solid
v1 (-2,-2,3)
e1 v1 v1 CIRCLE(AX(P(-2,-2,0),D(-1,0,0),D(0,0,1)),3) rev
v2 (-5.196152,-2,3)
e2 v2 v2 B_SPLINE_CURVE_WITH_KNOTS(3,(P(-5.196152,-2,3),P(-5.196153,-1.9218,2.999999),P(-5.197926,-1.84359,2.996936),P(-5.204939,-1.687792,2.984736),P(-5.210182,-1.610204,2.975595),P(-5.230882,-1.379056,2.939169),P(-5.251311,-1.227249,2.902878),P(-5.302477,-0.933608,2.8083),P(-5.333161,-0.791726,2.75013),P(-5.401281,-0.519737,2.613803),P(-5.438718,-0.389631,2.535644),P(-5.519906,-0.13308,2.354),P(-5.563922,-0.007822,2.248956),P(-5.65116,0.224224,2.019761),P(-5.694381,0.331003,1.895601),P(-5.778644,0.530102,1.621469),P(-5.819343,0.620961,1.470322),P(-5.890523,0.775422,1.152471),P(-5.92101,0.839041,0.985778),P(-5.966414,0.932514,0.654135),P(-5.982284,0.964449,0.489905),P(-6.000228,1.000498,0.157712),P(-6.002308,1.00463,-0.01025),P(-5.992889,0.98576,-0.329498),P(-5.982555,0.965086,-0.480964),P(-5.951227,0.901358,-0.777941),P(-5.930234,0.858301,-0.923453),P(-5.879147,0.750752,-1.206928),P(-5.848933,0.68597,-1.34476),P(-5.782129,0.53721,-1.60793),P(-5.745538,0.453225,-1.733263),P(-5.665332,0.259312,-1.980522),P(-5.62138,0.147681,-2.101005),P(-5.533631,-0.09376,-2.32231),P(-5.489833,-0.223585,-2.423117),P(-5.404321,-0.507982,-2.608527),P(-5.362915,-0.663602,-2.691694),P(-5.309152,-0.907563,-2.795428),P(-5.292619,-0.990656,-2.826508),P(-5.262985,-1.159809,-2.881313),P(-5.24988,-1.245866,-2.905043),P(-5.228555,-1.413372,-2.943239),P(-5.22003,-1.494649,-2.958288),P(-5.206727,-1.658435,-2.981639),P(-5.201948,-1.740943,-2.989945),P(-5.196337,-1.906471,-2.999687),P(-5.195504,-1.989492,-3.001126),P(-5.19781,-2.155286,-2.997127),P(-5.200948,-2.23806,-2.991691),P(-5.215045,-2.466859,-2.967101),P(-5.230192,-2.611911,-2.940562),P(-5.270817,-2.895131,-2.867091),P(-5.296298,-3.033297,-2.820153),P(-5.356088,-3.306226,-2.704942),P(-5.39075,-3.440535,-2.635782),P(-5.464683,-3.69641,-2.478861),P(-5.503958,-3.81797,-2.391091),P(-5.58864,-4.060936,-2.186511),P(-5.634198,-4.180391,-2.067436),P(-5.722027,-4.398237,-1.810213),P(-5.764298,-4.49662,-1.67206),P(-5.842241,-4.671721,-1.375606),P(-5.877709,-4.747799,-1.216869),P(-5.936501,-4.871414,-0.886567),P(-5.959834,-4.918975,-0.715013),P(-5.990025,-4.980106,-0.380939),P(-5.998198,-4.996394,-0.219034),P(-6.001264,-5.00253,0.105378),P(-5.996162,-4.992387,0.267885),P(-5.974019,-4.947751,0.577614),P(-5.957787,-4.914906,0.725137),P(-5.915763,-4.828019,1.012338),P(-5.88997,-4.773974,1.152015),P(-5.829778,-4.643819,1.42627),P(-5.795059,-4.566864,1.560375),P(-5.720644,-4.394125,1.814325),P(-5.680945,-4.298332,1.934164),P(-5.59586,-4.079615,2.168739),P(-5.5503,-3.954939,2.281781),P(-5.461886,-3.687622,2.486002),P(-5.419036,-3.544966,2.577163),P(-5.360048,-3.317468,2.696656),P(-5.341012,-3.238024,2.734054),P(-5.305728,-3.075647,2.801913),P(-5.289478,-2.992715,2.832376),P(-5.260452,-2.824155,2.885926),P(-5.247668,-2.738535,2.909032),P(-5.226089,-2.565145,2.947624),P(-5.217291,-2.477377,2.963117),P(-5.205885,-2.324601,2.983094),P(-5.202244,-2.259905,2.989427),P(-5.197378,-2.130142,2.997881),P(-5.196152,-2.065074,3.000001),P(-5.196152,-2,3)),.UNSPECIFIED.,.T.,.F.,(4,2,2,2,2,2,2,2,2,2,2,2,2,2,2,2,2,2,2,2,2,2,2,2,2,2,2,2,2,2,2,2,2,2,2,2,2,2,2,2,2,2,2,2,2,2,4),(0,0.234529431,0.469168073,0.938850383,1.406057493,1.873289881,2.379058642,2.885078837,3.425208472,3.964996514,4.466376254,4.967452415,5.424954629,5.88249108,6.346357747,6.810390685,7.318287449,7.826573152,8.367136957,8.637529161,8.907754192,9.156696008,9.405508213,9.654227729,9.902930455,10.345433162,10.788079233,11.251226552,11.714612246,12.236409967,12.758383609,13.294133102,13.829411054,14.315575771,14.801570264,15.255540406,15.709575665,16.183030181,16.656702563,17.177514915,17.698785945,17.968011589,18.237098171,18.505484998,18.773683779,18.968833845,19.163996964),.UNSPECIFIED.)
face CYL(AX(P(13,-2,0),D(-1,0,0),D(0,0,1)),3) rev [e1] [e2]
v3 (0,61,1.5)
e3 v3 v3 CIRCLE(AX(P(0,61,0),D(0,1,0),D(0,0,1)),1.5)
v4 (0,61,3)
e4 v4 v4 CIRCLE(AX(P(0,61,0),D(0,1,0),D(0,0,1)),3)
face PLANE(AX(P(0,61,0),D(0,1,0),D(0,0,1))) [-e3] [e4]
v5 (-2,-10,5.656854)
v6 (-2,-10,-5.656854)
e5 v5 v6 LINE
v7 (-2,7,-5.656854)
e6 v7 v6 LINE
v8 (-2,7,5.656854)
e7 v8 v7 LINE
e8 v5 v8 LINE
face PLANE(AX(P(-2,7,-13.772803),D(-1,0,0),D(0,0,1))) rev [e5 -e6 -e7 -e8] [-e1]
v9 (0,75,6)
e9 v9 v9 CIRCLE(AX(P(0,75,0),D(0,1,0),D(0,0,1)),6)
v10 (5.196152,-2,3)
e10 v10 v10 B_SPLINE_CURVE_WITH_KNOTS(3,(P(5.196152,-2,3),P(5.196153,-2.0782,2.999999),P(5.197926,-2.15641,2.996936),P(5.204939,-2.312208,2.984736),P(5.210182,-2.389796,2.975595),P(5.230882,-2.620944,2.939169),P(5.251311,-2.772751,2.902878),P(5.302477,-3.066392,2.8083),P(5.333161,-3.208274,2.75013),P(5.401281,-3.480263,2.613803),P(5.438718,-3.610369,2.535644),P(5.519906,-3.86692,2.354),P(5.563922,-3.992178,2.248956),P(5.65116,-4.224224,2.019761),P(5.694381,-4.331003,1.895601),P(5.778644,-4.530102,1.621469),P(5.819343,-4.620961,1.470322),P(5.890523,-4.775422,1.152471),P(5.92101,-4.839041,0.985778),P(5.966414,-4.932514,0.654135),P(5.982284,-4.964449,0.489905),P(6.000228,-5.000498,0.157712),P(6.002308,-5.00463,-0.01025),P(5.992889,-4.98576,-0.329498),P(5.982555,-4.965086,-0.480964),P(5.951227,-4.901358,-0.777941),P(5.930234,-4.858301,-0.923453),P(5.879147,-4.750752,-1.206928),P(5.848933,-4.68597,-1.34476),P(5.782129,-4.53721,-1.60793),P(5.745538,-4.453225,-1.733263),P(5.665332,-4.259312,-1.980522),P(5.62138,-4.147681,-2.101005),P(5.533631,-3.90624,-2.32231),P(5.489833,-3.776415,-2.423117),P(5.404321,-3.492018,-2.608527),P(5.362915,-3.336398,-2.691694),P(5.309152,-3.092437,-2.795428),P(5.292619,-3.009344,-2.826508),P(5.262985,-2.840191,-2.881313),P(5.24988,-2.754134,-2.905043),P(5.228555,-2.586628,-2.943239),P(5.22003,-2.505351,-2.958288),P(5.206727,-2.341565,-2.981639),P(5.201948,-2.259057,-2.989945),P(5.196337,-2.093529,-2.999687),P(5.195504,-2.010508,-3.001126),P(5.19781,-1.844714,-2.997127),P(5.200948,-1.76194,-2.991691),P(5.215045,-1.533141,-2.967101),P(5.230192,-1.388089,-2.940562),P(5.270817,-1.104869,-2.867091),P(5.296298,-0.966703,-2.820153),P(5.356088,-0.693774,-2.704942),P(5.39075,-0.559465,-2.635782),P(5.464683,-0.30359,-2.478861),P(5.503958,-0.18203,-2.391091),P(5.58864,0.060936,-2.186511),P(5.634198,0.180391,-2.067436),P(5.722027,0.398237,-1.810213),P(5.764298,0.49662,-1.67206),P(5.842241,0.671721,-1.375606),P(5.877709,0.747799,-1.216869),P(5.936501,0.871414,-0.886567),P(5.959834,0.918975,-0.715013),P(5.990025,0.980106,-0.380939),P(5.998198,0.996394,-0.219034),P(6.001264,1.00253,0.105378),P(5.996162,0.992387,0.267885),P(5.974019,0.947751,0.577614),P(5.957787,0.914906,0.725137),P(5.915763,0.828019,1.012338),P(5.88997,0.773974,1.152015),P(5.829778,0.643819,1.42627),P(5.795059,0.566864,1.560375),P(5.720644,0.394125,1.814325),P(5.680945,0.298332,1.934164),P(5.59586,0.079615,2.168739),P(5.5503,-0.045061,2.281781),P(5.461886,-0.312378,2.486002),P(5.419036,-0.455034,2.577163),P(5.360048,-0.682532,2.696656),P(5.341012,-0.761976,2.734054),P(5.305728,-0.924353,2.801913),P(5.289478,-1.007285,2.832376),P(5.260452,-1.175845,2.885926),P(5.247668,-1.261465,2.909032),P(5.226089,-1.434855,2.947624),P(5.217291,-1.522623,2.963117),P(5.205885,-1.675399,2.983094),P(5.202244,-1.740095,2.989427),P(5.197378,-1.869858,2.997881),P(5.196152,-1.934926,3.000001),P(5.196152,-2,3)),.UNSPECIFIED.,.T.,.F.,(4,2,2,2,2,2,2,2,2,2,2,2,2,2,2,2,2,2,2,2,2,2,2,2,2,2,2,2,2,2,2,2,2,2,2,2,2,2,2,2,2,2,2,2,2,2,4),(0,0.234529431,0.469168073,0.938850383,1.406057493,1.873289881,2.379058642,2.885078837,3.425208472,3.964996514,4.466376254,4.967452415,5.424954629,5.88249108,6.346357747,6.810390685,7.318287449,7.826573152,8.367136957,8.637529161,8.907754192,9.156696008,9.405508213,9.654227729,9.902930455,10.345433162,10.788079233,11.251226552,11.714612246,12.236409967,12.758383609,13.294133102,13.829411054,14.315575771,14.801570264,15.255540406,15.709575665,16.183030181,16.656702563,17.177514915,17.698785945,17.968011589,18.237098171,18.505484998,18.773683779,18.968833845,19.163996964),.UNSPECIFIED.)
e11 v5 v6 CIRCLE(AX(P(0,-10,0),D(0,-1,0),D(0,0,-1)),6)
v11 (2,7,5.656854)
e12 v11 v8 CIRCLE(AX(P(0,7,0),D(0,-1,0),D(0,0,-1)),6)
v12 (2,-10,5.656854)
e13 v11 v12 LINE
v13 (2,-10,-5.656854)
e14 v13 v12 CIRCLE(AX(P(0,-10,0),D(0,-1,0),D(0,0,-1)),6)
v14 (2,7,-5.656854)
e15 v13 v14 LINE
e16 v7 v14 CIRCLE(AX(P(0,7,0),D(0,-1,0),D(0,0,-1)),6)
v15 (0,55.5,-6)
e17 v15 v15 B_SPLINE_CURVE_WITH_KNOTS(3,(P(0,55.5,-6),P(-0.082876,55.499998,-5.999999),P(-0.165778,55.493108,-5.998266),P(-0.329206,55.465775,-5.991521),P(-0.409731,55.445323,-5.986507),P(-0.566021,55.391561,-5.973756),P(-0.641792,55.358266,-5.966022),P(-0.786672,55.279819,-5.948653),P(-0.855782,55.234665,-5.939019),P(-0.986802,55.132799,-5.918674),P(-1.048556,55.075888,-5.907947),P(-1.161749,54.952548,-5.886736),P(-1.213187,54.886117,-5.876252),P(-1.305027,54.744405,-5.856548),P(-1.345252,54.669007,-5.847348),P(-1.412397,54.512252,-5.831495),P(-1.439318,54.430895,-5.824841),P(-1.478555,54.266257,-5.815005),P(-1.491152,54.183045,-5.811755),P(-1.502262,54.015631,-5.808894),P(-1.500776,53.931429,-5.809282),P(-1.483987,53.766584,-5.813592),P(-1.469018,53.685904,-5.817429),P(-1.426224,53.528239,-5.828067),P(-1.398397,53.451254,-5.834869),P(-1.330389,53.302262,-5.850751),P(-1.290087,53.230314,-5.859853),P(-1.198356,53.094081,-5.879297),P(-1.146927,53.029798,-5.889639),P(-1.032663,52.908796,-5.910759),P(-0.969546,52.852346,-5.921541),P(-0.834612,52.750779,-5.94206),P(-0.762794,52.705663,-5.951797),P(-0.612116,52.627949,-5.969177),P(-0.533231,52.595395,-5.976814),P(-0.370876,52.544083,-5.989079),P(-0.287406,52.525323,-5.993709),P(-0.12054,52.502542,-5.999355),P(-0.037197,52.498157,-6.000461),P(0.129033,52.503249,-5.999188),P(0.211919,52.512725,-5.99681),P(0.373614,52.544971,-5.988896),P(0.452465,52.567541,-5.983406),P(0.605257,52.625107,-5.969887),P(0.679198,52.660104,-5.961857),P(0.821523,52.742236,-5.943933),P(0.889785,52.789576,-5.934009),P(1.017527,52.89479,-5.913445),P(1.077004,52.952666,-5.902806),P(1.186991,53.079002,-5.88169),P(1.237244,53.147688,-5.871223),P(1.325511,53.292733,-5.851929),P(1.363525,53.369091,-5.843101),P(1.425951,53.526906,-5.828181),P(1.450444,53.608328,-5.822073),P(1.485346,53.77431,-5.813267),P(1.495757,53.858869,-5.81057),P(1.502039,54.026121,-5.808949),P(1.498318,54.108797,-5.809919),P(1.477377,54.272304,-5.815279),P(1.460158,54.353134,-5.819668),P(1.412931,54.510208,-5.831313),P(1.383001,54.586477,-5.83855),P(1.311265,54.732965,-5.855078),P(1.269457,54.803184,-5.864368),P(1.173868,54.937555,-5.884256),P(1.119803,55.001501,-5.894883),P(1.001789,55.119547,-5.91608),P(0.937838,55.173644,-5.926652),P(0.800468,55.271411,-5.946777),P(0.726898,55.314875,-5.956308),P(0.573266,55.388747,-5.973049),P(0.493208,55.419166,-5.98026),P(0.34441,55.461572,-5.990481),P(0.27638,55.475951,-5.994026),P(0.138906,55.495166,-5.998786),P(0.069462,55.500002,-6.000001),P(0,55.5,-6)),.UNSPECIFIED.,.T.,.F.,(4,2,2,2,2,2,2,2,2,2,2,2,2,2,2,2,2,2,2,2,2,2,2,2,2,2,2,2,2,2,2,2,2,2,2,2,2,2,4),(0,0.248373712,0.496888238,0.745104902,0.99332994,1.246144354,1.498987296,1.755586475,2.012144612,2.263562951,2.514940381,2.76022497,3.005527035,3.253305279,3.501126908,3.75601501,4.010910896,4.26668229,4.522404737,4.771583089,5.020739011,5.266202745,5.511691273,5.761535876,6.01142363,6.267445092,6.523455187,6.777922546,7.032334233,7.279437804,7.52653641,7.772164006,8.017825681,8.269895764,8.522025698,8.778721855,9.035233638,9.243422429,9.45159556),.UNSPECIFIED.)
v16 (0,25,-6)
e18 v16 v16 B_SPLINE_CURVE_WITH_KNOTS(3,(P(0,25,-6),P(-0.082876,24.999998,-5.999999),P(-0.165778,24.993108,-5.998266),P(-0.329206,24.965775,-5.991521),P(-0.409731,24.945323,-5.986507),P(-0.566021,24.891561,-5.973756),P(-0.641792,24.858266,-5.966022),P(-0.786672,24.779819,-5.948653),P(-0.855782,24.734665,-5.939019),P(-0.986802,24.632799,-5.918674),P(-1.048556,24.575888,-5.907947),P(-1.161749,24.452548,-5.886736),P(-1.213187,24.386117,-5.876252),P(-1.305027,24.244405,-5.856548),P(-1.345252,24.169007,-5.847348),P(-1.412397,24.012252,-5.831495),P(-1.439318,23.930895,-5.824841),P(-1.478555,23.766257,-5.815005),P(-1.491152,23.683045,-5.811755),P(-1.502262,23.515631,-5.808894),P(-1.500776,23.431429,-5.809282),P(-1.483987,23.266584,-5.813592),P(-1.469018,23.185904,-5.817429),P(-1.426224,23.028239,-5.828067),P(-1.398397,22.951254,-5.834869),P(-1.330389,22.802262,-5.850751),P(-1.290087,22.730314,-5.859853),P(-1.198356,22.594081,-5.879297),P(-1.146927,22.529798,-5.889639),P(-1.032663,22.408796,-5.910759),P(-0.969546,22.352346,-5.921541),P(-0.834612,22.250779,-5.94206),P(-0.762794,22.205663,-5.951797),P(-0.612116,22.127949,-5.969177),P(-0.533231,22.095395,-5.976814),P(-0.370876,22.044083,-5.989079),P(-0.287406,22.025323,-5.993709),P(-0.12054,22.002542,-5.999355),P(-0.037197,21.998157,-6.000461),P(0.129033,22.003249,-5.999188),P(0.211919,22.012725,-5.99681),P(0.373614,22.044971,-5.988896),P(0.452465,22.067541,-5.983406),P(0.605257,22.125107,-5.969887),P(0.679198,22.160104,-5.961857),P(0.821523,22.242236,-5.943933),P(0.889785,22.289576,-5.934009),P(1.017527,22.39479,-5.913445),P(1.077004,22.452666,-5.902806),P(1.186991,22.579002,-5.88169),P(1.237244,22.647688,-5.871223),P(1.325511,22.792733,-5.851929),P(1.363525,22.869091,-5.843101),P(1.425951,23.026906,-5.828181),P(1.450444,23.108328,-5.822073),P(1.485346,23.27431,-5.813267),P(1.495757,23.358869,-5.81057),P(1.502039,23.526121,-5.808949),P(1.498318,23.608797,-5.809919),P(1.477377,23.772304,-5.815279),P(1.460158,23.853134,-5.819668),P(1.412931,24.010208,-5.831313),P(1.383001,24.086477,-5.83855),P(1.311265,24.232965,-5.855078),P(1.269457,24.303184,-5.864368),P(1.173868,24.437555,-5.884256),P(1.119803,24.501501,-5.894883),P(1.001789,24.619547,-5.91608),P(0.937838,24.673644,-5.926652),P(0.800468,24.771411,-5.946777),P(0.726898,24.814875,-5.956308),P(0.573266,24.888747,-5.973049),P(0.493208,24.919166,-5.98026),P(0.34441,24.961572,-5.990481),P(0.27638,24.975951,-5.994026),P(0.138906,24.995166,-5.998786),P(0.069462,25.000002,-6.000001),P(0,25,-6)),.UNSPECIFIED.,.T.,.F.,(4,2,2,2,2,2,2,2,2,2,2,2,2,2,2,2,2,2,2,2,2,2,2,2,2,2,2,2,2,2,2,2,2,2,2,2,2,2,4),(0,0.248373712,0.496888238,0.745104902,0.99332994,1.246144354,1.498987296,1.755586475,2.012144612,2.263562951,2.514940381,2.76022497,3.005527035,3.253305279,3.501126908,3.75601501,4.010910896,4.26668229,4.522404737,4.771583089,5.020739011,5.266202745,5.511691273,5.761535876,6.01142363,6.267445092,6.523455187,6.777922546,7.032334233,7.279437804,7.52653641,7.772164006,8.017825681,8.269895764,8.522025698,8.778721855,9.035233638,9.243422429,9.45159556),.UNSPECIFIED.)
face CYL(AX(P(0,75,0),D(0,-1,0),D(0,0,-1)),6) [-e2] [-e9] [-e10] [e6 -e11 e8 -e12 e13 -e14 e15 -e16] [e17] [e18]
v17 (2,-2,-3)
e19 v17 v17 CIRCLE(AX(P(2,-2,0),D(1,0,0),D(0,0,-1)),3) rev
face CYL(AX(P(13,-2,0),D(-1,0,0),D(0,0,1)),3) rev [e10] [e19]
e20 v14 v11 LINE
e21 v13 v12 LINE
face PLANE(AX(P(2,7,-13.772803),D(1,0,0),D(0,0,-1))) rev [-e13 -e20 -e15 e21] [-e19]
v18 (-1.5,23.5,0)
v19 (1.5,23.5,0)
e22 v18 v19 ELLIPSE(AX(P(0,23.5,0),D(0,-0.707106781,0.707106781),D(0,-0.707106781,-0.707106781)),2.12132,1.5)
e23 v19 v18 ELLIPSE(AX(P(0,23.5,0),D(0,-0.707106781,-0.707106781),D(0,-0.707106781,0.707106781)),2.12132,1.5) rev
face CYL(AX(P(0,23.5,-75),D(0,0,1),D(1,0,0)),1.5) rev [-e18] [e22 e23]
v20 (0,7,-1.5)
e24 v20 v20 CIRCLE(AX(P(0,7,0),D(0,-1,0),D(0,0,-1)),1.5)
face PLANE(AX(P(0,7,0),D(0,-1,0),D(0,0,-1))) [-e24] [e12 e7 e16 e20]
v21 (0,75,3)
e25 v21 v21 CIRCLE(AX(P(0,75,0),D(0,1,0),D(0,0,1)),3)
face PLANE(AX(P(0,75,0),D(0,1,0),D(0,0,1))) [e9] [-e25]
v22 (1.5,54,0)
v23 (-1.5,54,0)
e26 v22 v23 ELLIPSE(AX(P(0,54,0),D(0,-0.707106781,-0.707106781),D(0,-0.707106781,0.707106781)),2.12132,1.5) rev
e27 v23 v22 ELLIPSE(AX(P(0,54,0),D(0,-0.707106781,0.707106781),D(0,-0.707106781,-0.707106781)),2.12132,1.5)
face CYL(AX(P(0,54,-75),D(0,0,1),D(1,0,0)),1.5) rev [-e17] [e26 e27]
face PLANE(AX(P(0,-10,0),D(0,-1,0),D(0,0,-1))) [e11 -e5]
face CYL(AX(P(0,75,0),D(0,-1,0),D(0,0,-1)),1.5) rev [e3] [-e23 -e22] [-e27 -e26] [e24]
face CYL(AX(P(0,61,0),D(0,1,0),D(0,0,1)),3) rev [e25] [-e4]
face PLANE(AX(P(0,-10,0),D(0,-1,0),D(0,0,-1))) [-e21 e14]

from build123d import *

# Parameters (mm, degrees)
SKETCH1_R               = 6
SKETCH1_R_2             = 1.5
BOSS_EXTRUDE1_DEPTH     = 75
SKETCH2_R               = 1.5
CUT_EXTRUDE1_DEPTH      = 75
BOSS_EXTRUDE2_START     = 10
SKETCH4_R               = 6
SKETCH4_R_2             = 1.5
BOSS_EXTRUDE2_DEPTH     = 10
SKETCH5_W               = 4
SKETCH5_H               = 27.545605052
CUT_EXTRUDE2_DEPTH      = 17
CUT_EXTRUDE4_DEPTH      = 15
CUT_EXTRUDE4_DEPTH_BACK = 15
SKETCH7_R               = 3
SKETCH8_R               = 3
CUT_EXTRUDE5_DEPTH      = 14


with BuildPart() as part:
    # Sketch1 → Boss-Extrude1 (new body)
    with BuildSketch(Plane(origin=(0, 0, 0), x_dir=(1, 0, 0), z_dir=(0, 1, 0))):
        Circle(SKETCH1_R)
        Circle(SKETCH1_R_2, mode=Mode.SUBTRACT)
    extrude(amount=BOSS_EXTRUDE1_DEPTH)

    # Sketch2 → Cut-Extrude1 (cut)
    with BuildSketch(Plane.XY):
        with Locations((0, 23.5)):
            Circle(SKETCH2_R)
        with Locations((0, 54)):
            Circle(SKETCH2_R)
    extrude(amount=-CUT_EXTRUDE1_DEPTH, mode=Mode.SUBTRACT)

    # Sketch4 → Boss-Extrude2 (add)
    with BuildSketch(Plane.XZ.offset(BOSS_EXTRUDE2_START)):
        Circle(SKETCH4_R)
        Circle(SKETCH4_R_2, mode=Mode.SUBTRACT)
    extrude(amount=-BOSS_EXTRUDE2_DEPTH)

    # Sketch5 → Cut-Extrude2 (cut)
    with BuildSketch(Plane.XZ.offset(10)):
        Rectangle(SKETCH5_W, SKETCH5_H)
    extrude(amount=-CUT_EXTRUDE2_DEPTH, mode=Mode.SUBTRACT)

    # Sketch7 → Cut-Extrude4 (cut, two sides: drawn at the far end of the back side and taken through both)
    with BuildSketch(Plane(origin=(-2, 0, 0), x_dir=(0, 0, -1), z_dir=(1, 0, 0)).offset(-CUT_EXTRUDE4_DEPTH_BACK)):
        with Locations((0, -2)):
            Circle(SKETCH7_R)
    extrude(amount=CUT_EXTRUDE4_DEPTH + CUT_EXTRUDE4_DEPTH_BACK, mode=Mode.SUBTRACT)

    # Sketch8 → Cut-Extrude5 (cut)
    with BuildSketch(Plane(origin=(0, 75, 0), x_dir=(1, 0, 0), z_dir=(0, 1, 0))):
        Circle(SKETCH8_R)
    extrude(amount=-CUT_EXTRUDE5_DEPTH, mode=Mode.SUBTRACT)


solid = part.part
